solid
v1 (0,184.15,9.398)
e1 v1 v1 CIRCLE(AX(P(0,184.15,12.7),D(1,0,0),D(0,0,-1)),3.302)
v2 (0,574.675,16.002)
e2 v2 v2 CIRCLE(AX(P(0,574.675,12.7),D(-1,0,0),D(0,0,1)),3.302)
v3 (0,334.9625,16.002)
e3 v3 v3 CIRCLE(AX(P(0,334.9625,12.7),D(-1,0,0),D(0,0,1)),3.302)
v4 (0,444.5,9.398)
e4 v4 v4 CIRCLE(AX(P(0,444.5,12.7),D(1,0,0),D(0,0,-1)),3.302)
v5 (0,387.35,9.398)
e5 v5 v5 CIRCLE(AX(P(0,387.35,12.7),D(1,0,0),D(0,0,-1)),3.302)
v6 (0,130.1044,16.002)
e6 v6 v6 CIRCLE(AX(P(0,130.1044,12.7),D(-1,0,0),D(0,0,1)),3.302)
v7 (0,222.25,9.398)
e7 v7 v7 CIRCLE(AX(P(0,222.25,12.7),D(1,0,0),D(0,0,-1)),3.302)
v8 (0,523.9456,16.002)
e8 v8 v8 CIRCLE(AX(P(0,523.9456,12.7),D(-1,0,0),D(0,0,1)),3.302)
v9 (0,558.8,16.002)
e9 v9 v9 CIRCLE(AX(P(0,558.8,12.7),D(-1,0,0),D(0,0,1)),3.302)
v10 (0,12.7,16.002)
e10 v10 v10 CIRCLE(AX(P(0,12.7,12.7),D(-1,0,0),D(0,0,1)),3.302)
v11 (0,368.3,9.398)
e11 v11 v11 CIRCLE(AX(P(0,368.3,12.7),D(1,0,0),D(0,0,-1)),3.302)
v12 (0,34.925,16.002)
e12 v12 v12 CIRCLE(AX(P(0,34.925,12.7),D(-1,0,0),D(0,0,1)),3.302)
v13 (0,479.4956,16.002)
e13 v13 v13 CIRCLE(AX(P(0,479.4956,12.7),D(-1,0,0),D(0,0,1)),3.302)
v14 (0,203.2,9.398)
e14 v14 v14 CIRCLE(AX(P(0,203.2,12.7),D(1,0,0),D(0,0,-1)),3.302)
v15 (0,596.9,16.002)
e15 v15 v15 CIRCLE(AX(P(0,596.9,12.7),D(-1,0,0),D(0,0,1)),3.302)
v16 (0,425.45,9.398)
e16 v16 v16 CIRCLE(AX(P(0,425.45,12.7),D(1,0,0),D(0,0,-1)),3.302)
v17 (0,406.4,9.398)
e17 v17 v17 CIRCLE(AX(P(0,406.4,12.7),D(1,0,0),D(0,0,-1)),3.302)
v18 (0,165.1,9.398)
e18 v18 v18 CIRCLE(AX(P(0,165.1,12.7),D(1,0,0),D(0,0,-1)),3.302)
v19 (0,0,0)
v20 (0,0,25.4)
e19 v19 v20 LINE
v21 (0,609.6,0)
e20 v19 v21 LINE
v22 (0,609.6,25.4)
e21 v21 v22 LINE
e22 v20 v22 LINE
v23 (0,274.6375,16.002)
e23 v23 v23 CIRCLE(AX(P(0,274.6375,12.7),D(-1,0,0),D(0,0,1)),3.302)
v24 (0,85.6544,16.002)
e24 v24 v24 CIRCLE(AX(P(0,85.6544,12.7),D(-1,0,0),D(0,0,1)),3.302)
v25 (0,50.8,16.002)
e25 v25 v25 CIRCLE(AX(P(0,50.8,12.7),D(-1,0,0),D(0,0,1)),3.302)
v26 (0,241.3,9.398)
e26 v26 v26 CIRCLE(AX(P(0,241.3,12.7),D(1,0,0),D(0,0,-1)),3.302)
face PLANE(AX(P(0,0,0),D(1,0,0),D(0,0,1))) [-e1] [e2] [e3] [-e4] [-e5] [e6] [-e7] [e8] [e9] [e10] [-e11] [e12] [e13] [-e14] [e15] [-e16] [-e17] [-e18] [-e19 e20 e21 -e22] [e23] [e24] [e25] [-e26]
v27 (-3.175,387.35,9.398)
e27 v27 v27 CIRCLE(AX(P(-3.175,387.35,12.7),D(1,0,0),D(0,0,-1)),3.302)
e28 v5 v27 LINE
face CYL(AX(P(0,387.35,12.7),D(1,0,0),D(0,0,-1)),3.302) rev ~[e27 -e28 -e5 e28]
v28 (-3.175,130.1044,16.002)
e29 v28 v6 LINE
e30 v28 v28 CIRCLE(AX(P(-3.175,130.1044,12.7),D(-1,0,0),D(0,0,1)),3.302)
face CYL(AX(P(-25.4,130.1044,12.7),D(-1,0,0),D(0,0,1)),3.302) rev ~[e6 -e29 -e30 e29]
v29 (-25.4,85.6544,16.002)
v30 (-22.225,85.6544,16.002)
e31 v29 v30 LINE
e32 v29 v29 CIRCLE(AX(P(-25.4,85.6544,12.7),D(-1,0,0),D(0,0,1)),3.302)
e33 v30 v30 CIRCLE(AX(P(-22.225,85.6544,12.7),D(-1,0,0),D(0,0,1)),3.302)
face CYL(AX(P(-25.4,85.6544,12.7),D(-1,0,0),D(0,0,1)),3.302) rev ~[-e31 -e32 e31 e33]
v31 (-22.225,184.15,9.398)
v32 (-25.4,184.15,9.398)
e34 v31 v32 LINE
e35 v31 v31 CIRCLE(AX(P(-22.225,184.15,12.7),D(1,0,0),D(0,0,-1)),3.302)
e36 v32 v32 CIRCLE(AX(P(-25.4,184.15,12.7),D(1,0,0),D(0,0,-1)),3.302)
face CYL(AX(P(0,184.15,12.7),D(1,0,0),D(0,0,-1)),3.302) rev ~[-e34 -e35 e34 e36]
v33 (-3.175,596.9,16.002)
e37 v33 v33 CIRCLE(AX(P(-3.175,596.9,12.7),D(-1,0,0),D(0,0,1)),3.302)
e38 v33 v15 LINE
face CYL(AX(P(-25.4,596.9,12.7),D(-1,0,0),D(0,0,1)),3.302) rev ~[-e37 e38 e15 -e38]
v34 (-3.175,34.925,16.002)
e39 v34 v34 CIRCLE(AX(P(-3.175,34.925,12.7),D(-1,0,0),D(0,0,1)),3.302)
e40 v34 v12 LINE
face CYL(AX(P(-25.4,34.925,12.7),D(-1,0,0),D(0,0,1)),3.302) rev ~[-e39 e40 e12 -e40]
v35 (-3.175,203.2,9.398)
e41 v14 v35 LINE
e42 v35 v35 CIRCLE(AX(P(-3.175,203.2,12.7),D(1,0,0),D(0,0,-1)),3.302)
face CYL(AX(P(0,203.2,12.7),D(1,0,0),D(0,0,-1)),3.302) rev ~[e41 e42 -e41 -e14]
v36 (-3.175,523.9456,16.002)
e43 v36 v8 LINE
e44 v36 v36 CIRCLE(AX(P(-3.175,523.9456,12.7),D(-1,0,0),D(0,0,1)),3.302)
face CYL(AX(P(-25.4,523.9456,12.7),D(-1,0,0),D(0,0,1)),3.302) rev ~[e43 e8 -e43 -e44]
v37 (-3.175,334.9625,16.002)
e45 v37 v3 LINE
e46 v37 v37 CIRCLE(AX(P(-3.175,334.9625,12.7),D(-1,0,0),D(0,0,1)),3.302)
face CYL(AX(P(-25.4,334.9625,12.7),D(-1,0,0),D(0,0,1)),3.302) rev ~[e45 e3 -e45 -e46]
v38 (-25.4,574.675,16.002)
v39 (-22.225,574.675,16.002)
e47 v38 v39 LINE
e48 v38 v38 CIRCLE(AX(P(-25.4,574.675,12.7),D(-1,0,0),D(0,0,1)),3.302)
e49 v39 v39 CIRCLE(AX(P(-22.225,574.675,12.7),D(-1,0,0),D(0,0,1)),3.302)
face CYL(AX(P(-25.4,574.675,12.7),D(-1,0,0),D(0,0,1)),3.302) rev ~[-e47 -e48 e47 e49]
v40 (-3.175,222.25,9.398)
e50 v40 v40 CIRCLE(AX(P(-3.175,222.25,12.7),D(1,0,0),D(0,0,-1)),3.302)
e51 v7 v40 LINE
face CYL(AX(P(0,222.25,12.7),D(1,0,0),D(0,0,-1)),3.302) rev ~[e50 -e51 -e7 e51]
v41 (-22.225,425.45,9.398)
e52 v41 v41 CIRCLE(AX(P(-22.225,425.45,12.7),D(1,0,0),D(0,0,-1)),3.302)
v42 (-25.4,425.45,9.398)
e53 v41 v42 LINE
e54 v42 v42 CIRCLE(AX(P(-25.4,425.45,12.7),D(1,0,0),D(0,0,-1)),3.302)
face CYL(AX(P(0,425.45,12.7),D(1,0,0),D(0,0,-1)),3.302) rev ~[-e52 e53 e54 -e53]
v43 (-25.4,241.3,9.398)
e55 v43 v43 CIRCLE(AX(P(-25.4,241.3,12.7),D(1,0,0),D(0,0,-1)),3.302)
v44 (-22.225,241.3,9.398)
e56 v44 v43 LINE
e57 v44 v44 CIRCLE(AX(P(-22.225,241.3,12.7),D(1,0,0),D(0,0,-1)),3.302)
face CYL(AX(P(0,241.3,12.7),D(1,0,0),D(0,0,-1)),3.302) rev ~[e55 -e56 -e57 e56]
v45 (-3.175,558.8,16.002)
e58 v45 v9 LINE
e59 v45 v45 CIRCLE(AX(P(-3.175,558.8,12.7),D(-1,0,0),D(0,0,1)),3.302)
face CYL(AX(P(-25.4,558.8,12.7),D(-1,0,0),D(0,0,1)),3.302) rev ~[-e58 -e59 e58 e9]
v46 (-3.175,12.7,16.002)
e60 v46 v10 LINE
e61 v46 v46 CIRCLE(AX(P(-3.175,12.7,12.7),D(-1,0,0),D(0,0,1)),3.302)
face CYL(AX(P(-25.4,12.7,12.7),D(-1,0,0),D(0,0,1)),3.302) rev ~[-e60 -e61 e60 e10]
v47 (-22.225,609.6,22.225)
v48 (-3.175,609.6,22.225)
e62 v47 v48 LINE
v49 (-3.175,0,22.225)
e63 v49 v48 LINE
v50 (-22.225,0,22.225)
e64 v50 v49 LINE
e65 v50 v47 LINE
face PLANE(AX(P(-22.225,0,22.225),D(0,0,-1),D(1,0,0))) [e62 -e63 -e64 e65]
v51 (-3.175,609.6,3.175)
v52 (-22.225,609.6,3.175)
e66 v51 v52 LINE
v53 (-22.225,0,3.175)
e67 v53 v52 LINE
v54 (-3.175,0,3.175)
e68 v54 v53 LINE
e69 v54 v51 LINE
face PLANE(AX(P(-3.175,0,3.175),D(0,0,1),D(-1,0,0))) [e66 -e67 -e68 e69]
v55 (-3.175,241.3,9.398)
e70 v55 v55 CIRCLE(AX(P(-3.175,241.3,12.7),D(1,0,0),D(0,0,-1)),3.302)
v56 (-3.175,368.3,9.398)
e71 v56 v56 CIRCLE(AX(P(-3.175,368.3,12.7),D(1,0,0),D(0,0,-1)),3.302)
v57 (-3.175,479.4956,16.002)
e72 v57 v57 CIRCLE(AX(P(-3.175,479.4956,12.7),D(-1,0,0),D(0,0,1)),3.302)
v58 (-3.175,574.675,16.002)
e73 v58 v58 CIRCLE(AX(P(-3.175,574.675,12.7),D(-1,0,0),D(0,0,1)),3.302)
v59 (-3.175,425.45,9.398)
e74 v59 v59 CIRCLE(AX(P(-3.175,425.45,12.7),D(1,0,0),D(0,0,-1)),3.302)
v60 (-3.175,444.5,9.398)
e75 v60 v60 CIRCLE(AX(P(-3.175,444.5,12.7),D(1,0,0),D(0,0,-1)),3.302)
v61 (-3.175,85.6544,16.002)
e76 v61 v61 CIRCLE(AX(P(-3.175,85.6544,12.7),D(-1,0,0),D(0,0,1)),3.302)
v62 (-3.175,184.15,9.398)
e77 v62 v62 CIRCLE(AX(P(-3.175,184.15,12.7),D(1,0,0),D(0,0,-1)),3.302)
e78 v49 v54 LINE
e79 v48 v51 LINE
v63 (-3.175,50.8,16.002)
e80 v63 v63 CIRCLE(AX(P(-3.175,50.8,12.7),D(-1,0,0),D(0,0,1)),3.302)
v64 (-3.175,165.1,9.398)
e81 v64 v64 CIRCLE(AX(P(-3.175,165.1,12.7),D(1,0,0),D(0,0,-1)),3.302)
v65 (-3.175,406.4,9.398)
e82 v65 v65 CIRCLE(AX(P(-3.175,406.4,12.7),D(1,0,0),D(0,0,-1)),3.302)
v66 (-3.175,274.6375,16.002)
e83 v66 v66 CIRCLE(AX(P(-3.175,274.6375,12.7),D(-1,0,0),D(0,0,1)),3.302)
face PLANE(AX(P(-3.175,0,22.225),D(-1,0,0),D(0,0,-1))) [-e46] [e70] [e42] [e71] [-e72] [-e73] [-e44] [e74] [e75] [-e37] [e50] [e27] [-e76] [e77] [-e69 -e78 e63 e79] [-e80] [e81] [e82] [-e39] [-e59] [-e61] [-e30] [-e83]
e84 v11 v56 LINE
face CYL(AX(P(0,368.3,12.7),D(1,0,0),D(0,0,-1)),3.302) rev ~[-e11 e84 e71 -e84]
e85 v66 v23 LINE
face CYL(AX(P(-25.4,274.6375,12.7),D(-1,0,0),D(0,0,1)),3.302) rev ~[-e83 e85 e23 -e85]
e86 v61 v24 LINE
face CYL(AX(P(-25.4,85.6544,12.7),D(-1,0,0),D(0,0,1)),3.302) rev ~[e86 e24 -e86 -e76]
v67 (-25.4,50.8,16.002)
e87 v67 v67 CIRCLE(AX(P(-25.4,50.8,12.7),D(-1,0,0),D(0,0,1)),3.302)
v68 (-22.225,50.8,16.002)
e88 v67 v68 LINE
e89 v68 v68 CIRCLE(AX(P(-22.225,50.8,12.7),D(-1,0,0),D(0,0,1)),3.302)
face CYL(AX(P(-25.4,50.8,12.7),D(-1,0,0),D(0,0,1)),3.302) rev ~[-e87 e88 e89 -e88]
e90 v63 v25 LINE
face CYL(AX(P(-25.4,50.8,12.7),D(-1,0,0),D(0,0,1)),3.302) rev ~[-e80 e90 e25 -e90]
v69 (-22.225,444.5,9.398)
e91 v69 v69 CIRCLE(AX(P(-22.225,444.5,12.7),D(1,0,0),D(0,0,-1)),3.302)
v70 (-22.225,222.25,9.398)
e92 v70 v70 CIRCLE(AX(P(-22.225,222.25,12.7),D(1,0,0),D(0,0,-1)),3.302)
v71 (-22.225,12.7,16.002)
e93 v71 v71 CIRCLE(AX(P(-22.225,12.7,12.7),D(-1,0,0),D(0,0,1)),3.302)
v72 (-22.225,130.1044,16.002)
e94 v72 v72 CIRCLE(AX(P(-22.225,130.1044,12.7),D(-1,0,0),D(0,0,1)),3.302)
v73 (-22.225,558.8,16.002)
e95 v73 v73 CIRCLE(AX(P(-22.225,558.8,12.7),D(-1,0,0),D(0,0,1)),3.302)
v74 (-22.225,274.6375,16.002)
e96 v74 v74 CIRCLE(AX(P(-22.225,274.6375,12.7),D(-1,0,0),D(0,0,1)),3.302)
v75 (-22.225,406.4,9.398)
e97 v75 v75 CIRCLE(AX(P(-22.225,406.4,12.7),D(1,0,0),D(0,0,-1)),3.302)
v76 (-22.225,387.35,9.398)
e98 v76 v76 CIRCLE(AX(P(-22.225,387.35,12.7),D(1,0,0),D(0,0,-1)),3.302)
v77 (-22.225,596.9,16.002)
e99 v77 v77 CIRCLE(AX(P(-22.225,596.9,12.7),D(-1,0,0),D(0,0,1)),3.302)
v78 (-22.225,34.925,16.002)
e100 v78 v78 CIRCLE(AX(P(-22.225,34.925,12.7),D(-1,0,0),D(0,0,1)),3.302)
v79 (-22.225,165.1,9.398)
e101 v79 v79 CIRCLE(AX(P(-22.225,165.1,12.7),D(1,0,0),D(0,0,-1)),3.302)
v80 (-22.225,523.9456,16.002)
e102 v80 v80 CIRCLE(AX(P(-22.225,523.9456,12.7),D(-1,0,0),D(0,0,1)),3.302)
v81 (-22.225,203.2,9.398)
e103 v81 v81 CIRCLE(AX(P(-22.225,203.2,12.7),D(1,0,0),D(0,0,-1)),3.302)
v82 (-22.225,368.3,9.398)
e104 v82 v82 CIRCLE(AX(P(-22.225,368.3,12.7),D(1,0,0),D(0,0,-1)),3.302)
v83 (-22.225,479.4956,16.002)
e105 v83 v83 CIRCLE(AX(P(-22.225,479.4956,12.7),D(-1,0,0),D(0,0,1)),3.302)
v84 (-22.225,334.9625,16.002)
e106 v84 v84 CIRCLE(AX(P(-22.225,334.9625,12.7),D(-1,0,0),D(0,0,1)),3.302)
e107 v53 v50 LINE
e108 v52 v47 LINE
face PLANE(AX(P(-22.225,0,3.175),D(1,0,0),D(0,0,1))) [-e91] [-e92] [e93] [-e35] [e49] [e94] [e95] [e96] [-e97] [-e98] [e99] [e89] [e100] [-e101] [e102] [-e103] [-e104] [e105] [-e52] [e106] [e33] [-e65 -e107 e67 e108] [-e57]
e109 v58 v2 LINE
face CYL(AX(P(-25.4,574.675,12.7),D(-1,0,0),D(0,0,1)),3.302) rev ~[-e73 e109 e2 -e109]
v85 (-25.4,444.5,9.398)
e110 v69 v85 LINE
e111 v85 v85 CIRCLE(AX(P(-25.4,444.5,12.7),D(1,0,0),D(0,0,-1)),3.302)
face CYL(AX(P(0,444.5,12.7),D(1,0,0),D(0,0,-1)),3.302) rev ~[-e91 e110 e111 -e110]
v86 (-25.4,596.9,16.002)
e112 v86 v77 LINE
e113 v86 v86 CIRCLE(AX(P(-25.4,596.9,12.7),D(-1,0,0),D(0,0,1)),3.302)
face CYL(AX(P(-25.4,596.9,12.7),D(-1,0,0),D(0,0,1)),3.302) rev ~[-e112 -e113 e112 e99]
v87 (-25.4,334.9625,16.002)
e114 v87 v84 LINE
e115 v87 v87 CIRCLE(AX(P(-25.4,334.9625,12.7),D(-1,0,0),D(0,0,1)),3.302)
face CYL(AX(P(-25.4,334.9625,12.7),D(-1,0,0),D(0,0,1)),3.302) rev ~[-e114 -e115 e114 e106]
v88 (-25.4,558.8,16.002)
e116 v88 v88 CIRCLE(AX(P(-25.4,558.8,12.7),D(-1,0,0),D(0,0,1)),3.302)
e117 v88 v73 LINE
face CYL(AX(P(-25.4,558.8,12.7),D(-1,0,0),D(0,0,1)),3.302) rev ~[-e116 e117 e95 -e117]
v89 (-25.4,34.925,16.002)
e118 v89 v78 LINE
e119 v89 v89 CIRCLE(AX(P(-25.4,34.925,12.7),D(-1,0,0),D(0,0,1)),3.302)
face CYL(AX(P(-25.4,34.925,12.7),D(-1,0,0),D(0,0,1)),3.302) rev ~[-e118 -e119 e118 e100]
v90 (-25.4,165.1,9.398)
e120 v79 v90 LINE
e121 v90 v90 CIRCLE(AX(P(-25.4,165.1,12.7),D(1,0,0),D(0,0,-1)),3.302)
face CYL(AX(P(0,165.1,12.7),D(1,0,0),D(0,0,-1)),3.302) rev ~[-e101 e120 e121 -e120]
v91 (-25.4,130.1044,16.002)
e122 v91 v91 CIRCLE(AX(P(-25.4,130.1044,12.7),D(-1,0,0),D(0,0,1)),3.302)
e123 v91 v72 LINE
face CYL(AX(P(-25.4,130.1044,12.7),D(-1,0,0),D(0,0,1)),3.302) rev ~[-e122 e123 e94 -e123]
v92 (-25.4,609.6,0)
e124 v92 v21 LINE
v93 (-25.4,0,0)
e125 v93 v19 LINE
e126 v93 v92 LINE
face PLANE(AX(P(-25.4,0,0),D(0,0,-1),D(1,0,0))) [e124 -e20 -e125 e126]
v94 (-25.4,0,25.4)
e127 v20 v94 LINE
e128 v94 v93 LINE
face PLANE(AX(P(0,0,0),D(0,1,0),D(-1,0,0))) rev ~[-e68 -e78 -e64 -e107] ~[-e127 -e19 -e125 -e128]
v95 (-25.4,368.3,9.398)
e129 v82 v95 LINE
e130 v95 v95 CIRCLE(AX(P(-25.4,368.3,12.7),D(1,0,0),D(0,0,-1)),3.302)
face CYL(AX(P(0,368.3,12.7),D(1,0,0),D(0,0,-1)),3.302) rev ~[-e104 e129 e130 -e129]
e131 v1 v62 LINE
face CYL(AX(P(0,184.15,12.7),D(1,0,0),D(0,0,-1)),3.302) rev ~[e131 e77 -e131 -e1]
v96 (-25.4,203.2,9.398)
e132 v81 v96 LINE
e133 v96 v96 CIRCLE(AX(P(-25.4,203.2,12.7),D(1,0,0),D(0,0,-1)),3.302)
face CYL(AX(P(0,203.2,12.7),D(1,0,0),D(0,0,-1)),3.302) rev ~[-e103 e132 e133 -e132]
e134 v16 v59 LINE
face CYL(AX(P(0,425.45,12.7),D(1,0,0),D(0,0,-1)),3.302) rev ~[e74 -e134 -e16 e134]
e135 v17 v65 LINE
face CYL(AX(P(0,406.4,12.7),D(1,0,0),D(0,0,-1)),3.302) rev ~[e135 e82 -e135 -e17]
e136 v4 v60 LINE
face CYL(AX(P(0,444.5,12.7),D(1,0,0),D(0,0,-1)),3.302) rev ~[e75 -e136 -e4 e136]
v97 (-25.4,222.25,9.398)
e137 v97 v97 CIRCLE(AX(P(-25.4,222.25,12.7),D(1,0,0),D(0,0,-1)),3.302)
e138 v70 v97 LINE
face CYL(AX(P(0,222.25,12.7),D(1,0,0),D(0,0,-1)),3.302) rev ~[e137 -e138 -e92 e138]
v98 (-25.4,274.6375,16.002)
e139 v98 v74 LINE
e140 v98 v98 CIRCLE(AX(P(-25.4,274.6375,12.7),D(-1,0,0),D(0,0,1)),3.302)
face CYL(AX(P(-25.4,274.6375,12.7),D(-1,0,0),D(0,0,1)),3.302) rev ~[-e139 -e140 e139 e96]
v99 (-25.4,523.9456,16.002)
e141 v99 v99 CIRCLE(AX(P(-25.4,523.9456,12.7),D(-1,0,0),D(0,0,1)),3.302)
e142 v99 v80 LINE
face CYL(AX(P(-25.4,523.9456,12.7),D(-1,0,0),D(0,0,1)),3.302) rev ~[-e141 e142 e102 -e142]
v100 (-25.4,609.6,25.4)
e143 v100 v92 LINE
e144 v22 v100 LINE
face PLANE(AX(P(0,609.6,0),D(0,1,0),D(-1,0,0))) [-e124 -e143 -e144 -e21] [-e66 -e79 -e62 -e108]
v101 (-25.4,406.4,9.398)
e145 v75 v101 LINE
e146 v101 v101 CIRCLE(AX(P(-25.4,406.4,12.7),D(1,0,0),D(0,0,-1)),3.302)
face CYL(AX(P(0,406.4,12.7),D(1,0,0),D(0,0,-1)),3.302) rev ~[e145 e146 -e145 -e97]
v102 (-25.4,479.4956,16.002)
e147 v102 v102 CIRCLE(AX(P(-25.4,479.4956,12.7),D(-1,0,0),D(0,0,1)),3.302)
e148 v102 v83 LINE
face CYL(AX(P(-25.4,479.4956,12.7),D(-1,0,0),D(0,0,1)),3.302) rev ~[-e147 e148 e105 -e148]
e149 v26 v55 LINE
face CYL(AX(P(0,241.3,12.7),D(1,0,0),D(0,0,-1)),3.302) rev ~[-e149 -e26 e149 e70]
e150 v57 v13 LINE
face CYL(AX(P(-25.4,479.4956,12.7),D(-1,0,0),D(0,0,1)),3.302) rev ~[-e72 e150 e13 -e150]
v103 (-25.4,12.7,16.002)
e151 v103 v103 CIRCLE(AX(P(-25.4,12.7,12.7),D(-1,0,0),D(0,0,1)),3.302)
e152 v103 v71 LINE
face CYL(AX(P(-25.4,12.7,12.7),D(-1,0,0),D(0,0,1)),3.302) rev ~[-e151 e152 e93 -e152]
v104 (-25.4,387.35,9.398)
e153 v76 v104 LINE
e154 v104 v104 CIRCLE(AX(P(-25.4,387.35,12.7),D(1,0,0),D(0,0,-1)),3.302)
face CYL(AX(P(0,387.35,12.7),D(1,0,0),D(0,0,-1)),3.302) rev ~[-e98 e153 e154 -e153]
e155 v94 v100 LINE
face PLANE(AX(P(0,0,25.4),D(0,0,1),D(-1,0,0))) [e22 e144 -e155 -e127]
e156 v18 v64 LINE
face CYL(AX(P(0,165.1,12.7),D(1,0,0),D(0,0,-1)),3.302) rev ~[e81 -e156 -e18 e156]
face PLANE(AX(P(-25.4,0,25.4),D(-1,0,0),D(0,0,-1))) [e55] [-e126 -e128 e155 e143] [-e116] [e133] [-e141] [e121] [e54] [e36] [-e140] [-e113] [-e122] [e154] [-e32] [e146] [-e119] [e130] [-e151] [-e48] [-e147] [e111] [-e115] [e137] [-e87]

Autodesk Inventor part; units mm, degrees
ref_plane "YZ Plane" through (0, 0, 0) normal (1, 0, 0) x (0, 1, 0)
ref_plane "XZ Plane" through (0, 0, 0) normal (0, 1, 0) x (-1, 0, 0)
ref_plane "XY Plane" through (0, 0, 0) normal (0, 0, 1) x (1, 0, 0)
sketch "Sketch1" plane through (0, 0, 0) normal (0, 1, 0) x (-1, 0, 0)
  line L0 (0, 25.4) -> (25.4, 25.4)
  line L1 (25.4, 25.4) -> (25.4, 0)
  line L2 (25.4, 0) -> (0, 0)
  line L3 (0, 0) -> (0, 25.4)
  line L4 (22.225, 22.225) -> (3.175, 22.225)
  line L5 (3.175, 22.225) -> (3.175, 3.175)
  line L6 (3.175, 3.175) -> (22.225, 3.175)
  line L7 (22.225, 3.175) -> (22.225, 22.225)
  dimension "d0" = 25.4
  dimension "d1" = 25.4
  dimension "d2" = 3.175
extrude "Extrusion1" add sketch "Sketch1" along normal blind 609.6
sketch "Sketch2" plane through (-25.4, 0, 25.4) normal (0, 0, 1) x (1, 0, 0)
  circle A0 centre (12.7, 491.5841) radius 3.302 projected
  circle A1 centre (12.7, 452.2611) radius 3.302 projected
  circle A2 centre (12.7, 412.9381) radius 3.302 projected
  circle A3 centre (12.7, 373.6152) radius 3.302 projected
  circle A4 centre (12.7, 334.2922) radius 3.302 projected
  circle A5 centre (12.7, 294.9693) radius 3.302 projected
  circle A6 centre (12.7, 255.6463) radius 3.302 projected
  circle A7 centre (12.7, 216.3233) radius 3.302 projected
  circle A8 centre (12.7, 177.0004) radius 3.302 projected
  circle A9 centre (12.7, 137.6774) radius 3.302 projected
  circle A10 centre (12.7, 98.3544) radius 3.302 projected
  circle A11 centre (12.7, 118.0159) radius 3.302 projected
  circle A12 centre (12.7, 157.3389) radius 3.302 projected
  circle A13 centre (12.7, 196.6619) radius 3.302 projected
  circle A14 centre (12.7, 235.9848) radius 3.302 projected
  circle A15 centre (12.7, 275.3078) radius 3.302 projected
  circle A16 centre (12.7, 314.6307) radius 3.302 projected
  circle A17 centre (12.7, 353.9537) radius 3.302 projected
  circle A18 centre (12.7, 393.2767) radius 3.302 projected
  circle A19 centre (12.7, 432.5996) radius 3.302 projected
  circle A20 centre (12.7, 471.9226) radius 3.302 projected
  circle A21 centre (12.7, 511.2456) radius 3.302 projected
  line L0 (0, 25.4) -> (25.4, 25.4) projected
  line L1 (0, 25.4) -> (0, 584.2) projected
  line L2 (25.4, 584.2) -> (0, 584.2) projected
  line L3 (25.4, 25.4) -> (25.4, 584.2) projected
extrude "Extrusion2" [suppressed]
sketch "Sketch3" plane through (-25.4, 0, 0) normal (-1, 0, 0) x (0, 0, 1)
  line L0 (25.4, 0) -> (25.4, 609.6) projected
  line L1 (0, 0) -> (0, 609.6) projected
  line L2 (0, 511.2456) -> (25.4, 511.2456) construction
  line L3 (0, 373.6152) -> (25.4, 373.6152) construction
  line L4 (0, 235.9848) -> (25.4, 235.9848) construction
  line L5 (0, 98.3544) -> (25.4, 98.3544) construction
  line L6 (12.7, 523.9456) -> (12.7, 479.4956) construction
  line L7 (12.7, 403.7777) -> (12.7, 343.4527) construction
  line L8 (12.7, 258.2098) -> (12.7, 213.7598) construction
  line L9 (12.7, 130.1044) -> (12.7, 85.6544) construction
  circle A0 centre (12.7, 523.9456) radius 3.302
  circle A1 centre (12.7, 479.4956) radius 3.302
  circle A2 centre (12.7, 403.7777) radius 3.302
  circle A3 centre (12.7, 343.4527) radius 3.302
  circle A4 centre (12.7, 258.2098) radius 3.302
  circle A5 centre (12.7, 213.7598) radius 3.302
  circle A6 centre (12.7, 130.1044) radius 3.302
  circle A7 centre (12.7, 85.6544) radius 3.302
  line L10 (0, 304.8) -> (25.4, 304.8) construction
  line L11 (12.7, 334.9625) -> (12.7, 274.6375) construction
  circle A8 centre (12.7, 334.9625) radius 3.302
  circle A9 centre (12.7, 274.6375) radius 3.302
  line L12 (0, 609.6) -> (25.4, 609.6) projected
  line L13 (0, 107.8794) -> (25.4, 107.8794) construction
  line L14 (25.4, 0) -> (0, 0) projected
  circle A10 centre (12.7, 596.9) radius 3.302 projected
  circle A11 centre (12.7, 574.675) radius 3.302 projected
  circle A12 centre (12.7, 558.8) radius 3.302 projected
  line L15 (0, 501.7206) -> (25.4, 501.7206) construction
  circle A13 centre (12.7, 12.7) radius 3.302 projected
  circle A14 centre (12.7, 34.925) radius 3.302 projected
  circle A15 centre (12.7, 50.8) radius 3.302 projected
  point P0 (12.7, 235.9848)
  point P1 (12.7, 373.6152)
  point P2 (12.7, 304.8)
  point P3 (12.7, 107.8794)
  point P4 (12.7, 501.7206)
  dimension "d7" = 44.45
  dimension "d8" = 60.325
  dimension "d9" = 44.45
  dimension "d10" = 44.45
  dimension "d11" = 6.604
  dimension "d12" = 6.604
  dimension "d13" = 6.604
  dimension "d14" = 6.604
  dimension "d15" = 6.604
  dimension "d16" = 6.604
  dimension "d17" = 6.604
  dimension "d18" = 6.604
  dimension "d21" = 60.325
  dimension "d22" = 6.604
  dimension "d23" = 6.604
  dimension "d27" = 9.525
  dimension "d28" = 9.525
  dimension "d29" = 98.3544
  dimension "d30" = 235.9848
  dimension "d31" = 235.9848
  dimension "d32" = 98.3544
extrude "Extrusion3" cut sketch "Sketch3" against normal blind 25.4 contours A0 | A1 | A6 | A7 | A8 | A9 | A10 | A11 | A12 | A13 | A14 | A15
sketch "Sketch4" plane through (0, 0, 25.4) normal (1, 0, 0) x (0, 0, -1)
  line L0 (25.4, 0) -> (25.4, 609.6) projected
  line L1 (0, 0) -> (0, 609.6) projected
  line L2 (0, 304.8) -> (25.4, 304.8) construction
  line L3 (12.7, 349.25) -> (12.7, 260.35) construction
  circle A0 centre (12.7, 349.25) radius 3.302
  circle A1 centre (12.7, 260.35) radius 3.302
  circle A2 centre (12.7, 368.3) radius 3.302
  circle A3 centre (12.7, 387.35) radius 3.302
  circle A4 centre (12.7, 406.4) radius 3.302
  circle A5 centre (12.7, 425.45) radius 3.302
  circle A6 centre (12.7, 444.5) radius 3.302
  circle A7 centre (12.7, 241.3) radius 3.302
  circle A8 centre (12.7, 222.25) radius 3.302
  circle A9 centre (12.7, 203.2) radius 3.302
  circle A10 centre (12.7, 184.15) radius 3.302
  circle A11 centre (12.7, 165.1) radius 3.302
  point P0 (12.7, 304.8)
  dimension "d33" = 88.9
  dimension "d34" = 6.604
  dimension "d37" = 19.05
  dimension "d44" = 19.05
extrude "Extrusion4" cut sketch "Sketch4" against normal blind 25.4 contours A2 | A3 | A4 | A5 | A6 | A7 | A8 | A9 | A10 | A11
equation "\"d9\" = d7"
equation "\"d10\" = d7"
equation "\"d12\" = d11"
equation "\"d13\" = d11"
equation "\"d14\" = d11"
equation "\"d15\" = d11"
equation "\"d16\" = d11"
equation "\"d17\" = d11"
equation "\"d18\" = d11"
equation "\"d21\" = d8"
equation "\"d22\" = d11"
equation "\"d23\" = d11"
equation "\"d27\" = d28"
properties part number "Chassis V1.500 Part1" material "Aluminum 6061"
